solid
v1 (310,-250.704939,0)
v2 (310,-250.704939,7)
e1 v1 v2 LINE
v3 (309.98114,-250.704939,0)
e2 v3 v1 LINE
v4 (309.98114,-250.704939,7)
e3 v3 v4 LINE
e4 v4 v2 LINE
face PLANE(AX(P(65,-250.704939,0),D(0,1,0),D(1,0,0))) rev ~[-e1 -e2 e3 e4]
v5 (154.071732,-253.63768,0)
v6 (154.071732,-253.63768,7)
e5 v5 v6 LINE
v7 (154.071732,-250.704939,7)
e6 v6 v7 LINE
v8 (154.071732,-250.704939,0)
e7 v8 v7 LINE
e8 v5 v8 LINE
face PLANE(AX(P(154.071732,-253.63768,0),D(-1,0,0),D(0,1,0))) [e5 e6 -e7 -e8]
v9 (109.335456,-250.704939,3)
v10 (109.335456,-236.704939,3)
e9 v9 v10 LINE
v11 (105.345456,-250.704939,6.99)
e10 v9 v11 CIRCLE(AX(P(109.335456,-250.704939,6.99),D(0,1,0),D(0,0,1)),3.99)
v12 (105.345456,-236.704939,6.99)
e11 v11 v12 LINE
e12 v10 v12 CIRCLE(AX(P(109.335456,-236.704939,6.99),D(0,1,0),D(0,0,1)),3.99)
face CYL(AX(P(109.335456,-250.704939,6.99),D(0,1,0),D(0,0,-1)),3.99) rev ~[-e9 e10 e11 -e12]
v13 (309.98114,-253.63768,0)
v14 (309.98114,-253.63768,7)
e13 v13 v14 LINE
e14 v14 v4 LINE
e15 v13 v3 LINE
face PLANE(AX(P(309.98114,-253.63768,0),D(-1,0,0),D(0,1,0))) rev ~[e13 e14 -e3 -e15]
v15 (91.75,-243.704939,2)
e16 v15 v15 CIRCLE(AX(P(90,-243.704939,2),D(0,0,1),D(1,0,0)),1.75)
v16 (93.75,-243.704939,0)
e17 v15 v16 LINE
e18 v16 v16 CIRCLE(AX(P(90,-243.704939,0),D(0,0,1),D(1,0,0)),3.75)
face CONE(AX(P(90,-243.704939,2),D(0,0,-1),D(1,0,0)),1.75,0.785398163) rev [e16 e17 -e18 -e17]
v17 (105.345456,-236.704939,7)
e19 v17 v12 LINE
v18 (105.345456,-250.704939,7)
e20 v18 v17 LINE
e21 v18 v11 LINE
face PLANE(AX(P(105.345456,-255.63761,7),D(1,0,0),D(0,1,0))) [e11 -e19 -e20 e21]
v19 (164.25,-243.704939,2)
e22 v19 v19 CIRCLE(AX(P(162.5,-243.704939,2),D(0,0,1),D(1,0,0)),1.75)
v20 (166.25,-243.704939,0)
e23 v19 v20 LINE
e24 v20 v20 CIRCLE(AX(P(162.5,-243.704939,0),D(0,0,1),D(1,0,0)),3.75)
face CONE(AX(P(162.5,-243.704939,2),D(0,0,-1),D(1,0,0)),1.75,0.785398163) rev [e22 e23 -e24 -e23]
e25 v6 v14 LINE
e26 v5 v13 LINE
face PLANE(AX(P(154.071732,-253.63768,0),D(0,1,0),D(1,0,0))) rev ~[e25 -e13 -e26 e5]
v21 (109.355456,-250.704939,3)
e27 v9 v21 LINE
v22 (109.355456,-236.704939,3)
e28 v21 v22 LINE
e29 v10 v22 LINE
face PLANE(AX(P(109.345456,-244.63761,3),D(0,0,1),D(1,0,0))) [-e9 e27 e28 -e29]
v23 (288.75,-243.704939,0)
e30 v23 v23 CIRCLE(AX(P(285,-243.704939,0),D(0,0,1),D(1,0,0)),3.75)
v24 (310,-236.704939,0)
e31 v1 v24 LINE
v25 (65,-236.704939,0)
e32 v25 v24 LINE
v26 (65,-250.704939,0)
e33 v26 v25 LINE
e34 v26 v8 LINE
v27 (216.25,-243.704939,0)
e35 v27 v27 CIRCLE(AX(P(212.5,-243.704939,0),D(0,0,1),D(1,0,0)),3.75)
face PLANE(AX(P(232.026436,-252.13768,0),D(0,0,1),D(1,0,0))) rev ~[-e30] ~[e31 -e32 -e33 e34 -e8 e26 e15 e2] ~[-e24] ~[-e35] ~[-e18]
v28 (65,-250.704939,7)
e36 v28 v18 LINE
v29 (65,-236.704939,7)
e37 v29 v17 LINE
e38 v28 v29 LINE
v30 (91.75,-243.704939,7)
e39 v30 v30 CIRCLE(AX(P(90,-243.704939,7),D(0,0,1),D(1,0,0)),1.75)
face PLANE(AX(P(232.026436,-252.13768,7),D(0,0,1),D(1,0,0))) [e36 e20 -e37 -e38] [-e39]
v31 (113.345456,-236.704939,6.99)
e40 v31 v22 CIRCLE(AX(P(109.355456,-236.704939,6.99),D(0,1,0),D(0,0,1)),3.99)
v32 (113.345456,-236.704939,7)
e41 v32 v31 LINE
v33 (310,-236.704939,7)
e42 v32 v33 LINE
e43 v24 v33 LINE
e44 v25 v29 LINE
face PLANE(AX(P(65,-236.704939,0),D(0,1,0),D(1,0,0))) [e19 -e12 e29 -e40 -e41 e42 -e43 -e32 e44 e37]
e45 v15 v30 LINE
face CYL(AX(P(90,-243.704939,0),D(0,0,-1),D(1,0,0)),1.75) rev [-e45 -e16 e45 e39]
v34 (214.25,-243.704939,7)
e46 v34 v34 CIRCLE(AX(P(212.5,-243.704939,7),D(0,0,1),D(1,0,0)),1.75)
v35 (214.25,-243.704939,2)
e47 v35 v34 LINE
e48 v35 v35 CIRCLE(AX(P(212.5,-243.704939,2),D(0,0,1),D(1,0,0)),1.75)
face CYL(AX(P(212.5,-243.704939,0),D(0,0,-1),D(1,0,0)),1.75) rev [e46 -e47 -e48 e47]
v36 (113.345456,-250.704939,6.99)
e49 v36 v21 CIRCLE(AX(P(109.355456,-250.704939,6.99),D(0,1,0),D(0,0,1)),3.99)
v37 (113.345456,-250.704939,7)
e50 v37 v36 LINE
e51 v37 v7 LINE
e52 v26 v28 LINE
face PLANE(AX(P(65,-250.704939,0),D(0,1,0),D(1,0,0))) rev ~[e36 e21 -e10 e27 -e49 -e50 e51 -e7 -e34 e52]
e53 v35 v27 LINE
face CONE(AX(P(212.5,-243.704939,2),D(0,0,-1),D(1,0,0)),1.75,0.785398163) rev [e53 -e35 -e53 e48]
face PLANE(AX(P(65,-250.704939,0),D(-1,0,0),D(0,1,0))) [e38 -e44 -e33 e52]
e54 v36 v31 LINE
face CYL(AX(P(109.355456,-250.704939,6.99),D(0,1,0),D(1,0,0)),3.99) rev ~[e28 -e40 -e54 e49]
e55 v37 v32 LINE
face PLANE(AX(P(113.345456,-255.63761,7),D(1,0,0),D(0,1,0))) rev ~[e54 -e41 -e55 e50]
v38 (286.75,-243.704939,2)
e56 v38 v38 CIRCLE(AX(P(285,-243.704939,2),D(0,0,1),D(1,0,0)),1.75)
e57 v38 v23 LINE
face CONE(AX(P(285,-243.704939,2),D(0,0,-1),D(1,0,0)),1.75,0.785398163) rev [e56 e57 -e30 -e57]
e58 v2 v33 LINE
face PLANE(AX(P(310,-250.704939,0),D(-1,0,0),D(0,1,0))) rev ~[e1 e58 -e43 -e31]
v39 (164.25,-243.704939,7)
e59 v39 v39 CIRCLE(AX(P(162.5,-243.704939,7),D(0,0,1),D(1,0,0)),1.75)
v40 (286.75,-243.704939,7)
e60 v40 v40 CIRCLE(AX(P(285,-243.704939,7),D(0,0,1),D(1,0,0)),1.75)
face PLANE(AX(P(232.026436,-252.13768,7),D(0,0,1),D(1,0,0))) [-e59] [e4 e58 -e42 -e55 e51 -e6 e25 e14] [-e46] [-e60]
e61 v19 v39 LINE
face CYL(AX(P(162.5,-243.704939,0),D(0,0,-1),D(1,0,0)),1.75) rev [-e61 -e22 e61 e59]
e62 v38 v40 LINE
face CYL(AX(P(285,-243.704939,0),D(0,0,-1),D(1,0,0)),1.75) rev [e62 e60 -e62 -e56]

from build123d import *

# Parameters (mm, degrees)
SKETCH085_W     = 245
SKETCH085_H     = 14
SKETCH085_R     = 1.75
PAD043_DEPTH    = 7
CHAMFER010_SIZE = 2
SKETCH086_W     = 155.909408
SKETCH086_H     = 3
PAD044_DEPTH    = 7
SKETCH097_W     = 8
SKETCH097_H     = 22
POCKET043_DEPTH = 4
FILLET003_R     = 3.99


with BuildPart() as part:
    # Sketch085 → Pad043 (new body)
    with BuildSketch(Plane.XY):
        with Locations((187.5, -243.704939)):
            Rectangle(SKETCH085_W, SKETCH085_H)
        with Locations((162.5, -243.704939)):
            Circle(SKETCH085_R, mode=Mode.SUBTRACT)
        with Locations((90, -243.704939)):
            Circle(SKETCH085_R, mode=Mode.SUBTRACT)
        with Locations((212.5, -243.704939)):
            Circle(SKETCH085_R, mode=Mode.SUBTRACT)
        with Locations((285, -243.704939)):
            Circle(SKETCH085_R, mode=Mode.SUBTRACT)
    extrude(amount=PAD043_DEPTH)

    # Chamfer010
    chamfer010_edges = [part.edges().sort_by_distance(p)[0] for p in [
        (283.25, -243.704939, 0),
        (210.75, -243.704939, 0),
        (160.75, -243.704939, 0),
        (88.25, -243.704939, 0),
    ]]
    chamfer(chamfer010_edges, length=CHAMFER010_SIZE)

    # Sketch086 → Pad044 (join)
    with BuildSketch(Plane.XY):
        with Locations((232.026436, -252.13768)):
            Rectangle(SKETCH086_W, SKETCH086_H)
    extrude(amount=PAD044_DEPTH)

    # Sketch097 (on DatumPlane) → Pocket043 (cut)
    with BuildSketch(Plane.XY.offset(7)):
        with Locations((109.345456, -244.63761)):
            Rectangle(SKETCH097_W, SKETCH097_H)
    extrude(amount=-POCKET043_DEPTH, mode=Mode.SUBTRACT)

    # Fillet003
    fillet003_edges = [part.edges().sort_by_distance(p)[0] for p in [
        (113.345456, -243.704939, 3),
        (105.345456, -243.704939, 3),
    ]]
    fillet(fillet003_edges, radius=FILLET003_R)


solid = part.part
